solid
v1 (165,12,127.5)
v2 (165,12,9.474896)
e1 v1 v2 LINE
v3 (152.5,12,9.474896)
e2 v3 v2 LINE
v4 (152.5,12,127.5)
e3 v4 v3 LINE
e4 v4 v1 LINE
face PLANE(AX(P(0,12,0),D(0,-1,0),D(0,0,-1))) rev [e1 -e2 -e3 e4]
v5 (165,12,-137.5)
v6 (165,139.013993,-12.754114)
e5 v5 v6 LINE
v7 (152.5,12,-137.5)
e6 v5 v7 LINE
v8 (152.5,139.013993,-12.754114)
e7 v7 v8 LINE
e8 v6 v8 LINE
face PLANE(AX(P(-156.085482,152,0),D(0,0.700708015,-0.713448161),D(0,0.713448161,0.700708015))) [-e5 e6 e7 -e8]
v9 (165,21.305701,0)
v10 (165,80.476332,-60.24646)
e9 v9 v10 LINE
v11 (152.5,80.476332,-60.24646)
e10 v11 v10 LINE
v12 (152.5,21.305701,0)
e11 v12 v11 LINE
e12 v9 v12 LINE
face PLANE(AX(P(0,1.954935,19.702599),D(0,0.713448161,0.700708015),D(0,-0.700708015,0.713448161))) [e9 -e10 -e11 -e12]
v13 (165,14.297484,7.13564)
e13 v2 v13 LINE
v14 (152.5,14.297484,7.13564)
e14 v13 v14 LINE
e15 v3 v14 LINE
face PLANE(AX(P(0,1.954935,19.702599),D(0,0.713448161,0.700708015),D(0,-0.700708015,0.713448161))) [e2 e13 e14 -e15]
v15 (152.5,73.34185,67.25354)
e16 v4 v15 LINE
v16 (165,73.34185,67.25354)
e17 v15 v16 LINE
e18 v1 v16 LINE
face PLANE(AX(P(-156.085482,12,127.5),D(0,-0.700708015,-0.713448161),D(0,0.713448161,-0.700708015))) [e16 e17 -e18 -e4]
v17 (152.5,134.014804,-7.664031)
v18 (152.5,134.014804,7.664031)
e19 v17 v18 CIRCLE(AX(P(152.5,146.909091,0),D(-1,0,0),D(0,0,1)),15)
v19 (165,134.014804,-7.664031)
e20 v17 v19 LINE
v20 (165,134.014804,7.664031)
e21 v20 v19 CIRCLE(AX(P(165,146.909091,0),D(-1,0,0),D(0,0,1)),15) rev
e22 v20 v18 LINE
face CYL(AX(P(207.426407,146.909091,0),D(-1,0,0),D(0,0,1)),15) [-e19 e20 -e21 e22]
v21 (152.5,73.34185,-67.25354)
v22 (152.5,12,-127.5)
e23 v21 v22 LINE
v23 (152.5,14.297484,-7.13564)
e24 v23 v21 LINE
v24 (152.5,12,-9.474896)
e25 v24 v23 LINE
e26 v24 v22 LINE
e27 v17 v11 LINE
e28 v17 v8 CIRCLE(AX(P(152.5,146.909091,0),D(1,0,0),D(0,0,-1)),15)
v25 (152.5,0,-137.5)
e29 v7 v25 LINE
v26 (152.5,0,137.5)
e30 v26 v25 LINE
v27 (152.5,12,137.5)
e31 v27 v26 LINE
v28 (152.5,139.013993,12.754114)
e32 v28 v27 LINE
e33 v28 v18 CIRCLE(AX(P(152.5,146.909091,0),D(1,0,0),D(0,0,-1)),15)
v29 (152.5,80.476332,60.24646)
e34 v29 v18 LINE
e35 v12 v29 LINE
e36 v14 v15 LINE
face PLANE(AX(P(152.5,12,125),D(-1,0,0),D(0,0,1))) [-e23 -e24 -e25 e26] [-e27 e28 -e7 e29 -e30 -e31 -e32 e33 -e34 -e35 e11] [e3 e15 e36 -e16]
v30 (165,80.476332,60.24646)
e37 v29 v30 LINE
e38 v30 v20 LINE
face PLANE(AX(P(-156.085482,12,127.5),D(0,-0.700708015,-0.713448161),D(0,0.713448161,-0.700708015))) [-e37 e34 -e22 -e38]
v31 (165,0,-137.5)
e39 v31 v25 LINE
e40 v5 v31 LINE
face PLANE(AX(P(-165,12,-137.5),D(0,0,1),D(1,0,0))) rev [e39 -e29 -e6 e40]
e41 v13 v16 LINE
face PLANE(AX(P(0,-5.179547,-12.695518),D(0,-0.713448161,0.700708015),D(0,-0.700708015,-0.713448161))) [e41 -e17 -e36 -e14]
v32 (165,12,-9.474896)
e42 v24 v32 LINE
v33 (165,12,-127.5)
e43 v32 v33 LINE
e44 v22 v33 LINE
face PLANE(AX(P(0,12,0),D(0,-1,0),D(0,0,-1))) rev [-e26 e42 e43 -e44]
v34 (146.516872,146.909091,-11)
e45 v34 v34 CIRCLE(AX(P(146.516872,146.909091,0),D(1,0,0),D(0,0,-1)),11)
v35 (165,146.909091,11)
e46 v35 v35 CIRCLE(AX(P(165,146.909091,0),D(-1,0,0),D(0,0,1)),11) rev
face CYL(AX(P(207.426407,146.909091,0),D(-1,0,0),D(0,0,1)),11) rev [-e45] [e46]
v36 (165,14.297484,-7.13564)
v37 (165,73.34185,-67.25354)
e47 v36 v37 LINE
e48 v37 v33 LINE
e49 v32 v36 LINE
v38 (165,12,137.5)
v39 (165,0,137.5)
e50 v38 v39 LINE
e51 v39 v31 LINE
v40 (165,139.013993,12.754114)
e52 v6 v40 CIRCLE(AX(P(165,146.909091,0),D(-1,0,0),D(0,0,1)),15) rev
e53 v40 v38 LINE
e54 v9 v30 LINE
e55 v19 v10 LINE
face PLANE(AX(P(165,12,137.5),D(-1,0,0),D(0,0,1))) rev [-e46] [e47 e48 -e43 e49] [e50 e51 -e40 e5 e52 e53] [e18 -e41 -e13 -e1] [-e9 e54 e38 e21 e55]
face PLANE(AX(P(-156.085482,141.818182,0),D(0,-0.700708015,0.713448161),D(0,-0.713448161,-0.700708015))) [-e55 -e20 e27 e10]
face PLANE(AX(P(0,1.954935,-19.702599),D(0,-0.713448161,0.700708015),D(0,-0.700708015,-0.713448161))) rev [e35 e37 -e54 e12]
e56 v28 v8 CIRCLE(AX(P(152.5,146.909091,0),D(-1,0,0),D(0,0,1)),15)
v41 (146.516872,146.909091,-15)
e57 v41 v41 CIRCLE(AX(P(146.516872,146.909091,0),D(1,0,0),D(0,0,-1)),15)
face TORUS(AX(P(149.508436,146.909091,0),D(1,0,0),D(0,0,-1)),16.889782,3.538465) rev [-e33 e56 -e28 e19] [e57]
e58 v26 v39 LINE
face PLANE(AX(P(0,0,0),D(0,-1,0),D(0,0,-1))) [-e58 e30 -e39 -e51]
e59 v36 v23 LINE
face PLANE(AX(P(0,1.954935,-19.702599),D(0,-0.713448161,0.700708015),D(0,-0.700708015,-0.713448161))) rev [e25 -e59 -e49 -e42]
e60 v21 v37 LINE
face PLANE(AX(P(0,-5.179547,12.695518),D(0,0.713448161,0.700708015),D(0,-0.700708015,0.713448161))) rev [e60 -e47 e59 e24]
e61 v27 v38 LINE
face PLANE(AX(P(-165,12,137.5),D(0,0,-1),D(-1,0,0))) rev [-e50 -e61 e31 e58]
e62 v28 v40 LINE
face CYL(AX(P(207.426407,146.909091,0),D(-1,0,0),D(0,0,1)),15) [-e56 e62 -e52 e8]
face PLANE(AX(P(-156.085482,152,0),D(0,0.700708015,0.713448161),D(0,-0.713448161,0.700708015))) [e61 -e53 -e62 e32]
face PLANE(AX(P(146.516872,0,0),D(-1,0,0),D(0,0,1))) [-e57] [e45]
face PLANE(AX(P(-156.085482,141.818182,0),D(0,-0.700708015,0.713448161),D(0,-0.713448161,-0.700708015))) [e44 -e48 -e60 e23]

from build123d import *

# Parameters (mm, degrees)
SKETCH1_W               = 330
SKETCH1_H               = 275
SKETCH1_W_2             = 305
SKETCH1_H_2             = 250
BOSS_EXTRUDE4_DEPTH     = 12
BOSS_EXTRUDE6_DEPTH     = 12.5
BOSS_EXTRUDE7_DEPTH     = 12.5
SKETCH6_R               = 15
SKETCH6_R_2             = 11
BOSS_EXTRUDE8_DEPTH     = 12.5
SKETCH7_R               = 11
CUT_EXTRUDE2_DEPTH      = 383.003996993
BOSS_EXTRUDE9_REACH     = 283.371
SKETCH8_W               = 12.5
SKETCH8_H               = 10
BOSS_EXTRUDE10_REACH    = 283.371
SKETCH9_W               = 12.5
SKETCH9_H               = 10
SKETCH10_W              = 25
SKETCH10_H              = 25
BOSS_EXTRUDE11_DEPTH    = 12.5
SKETCH12_W              = 280.956709722
SKETCH12_H              = 169.506953284
CUT_EXTRUDE3_DEPTH      = 311
CUT_EXTRUDE4_DEPTH      = 12
CUT_EXTRUDE4_DEPTH_BACK = 6.5
SKETCH13_W              = 294.886301965
SKETCH13_H              = 76.884210059


with BuildPart() as part:
    # Sketch1 → Boss-Extrude4 (new body)
    with BuildSketch(Plane(origin=(0, 0, 0), x_dir=(1, 0, 0), z_dir=(0, 1, 0))):
        Rectangle(SKETCH1_W, SKETCH1_H)
        Rectangle(SKETCH1_W_2, SKETCH1_H_2, mode=Mode.SUBTRACT)
    extrude(amount=BOSS_EXTRUDE4_DEPTH)

    # Sketch2 → Boss-Extrude6 (add)
    with BuildSketch(Plane(origin=(165, 0, 0), x_dir=(0, 0, -1), z_dir=(1, 0, 0))):
        Polygon((0, 152), (-137.5, 12), (-127.5, 12), (0, 141.818181818), (127.5, 12), (137.5, 12), align=None)
    extrude(amount=-BOSS_EXTRUDE6_DEPTH)

    # Sketch5 → Boss-Extrude7 (add)
    with BuildSketch(Plane.ZY.offset(165)):
        Polygon((0, 152), (-137.5, 12), (-127.5, 12), (0, 141.818181818), (127.5, 12), (137.5, 12), align=None)
    extrude(amount=-BOSS_EXTRUDE7_DEPTH)

    # Sketch6 → Boss-Extrude8 (add)
    with BuildSketch(Plane.ZY.offset(-152.5)):
        with Locations((0, 146.909090909)):
            Circle(SKETCH6_R)
        with Locations((0, 146.909090909)):
            Circle(SKETCH6_R_2, mode=Mode.SUBTRACT)
    extrude(amount=-BOSS_EXTRUDE8_DEPTH)

    # Sketch7 → Cut-Extrude2 (cut, through all)
    with BuildSketch(Plane.ZY.offset(-152.5)):
        with Locations((0, 146.909090909)):
            Circle(SKETCH7_R)
    extrude(amount=-CUT_EXTRUDE2_DEPTH, mode=Mode.SUBTRACT)

    # Boss-Extrude9: up to this plane
    boss_extrude9_end = Plane(origin=(0, 12, 0), z_dir=(0, -1, 0))
    # Sketch8 → Boss-Extrude9 (add, up to the surface)
    with BuildSketch(Plane(origin=(0, 69.631553319, 70.897581561), x_dir=(-1, 0, 0), z_dir=(0, -0.7007080148842544, -0.7134481606094221)), mode=Mode.PRIVATE) as boss_extrude9_sk1:
        with Locations((-158.75, 10.200513494)):
            Rectangle(SKETCH8_W, SKETCH8_H)
    boss_extrude9_tool1 = split(extrude(boss_extrude9_sk1.sketch, amount=BOSS_EXTRUDE9_REACH, mode=Mode.PRIVATE), bisect_by=boss_extrude9_end, keep=Keep.BOTH, mode=Mode.PRIVATE)
    add(boss_extrude9_tool1.solids().sort_by_distance((158.75, 76.909091, 63.75))[0])
    # Sketch8 → Boss-Extrude9 (add, up to the surface)
    with BuildSketch(Plane(origin=(0, 69.631553319, 70.897581561), x_dir=(-1, 0, 0), z_dir=(0, -0.7007080148842544, -0.7134481606094221)), mode=Mode.PRIVATE) as boss_extrude9_sk2:
        with Locations((158.75, 10.200513494)):
            Rectangle(SKETCH8_W, SKETCH8_H)
    boss_extrude9_tool2 = split(extrude(boss_extrude9_sk2.sketch, amount=BOSS_EXTRUDE9_REACH, mode=Mode.PRIVATE), bisect_by=boss_extrude9_end, keep=Keep.BOTH, mode=Mode.PRIVATE)
    add(boss_extrude9_tool2.solids().sort_by_distance((-158.75, 76.909091, 63.75))[0])

    # Boss-Extrude10: up to this plane
    boss_extrude10_end = Plane(origin=(0, 12, 0), z_dir=(0, -1, 0))
    # Sketch9 → Boss-Extrude10 (add, up to the surface)
    with BuildSketch(Plane(origin=(0, 69.631553319, -70.897581561), x_dir=(1, 0, 0), z_dir=(0, -0.7007080148842544, 0.7134481606094221)), mode=Mode.PRIVATE) as boss_extrude10_sk1:
        with Locations((-158.75, 10.200513494)):
            Rectangle(SKETCH9_W, SKETCH9_H)
    boss_extrude10_tool1 = split(extrude(boss_extrude10_sk1.sketch, amount=BOSS_EXTRUDE10_REACH, mode=Mode.PRIVATE), bisect_by=boss_extrude10_end, keep=Keep.BOTH, mode=Mode.PRIVATE)
    add(boss_extrude10_tool1.solids().sort_by_distance((-158.75, 76.909091, -63.75))[0])
    # Sketch9 → Boss-Extrude10 (add, up to the surface)
    with BuildSketch(Plane(origin=(0, 69.631553319, -70.897581561), x_dir=(1, 0, 0), z_dir=(0, -0.7007080148842544, 0.7134481606094221)), mode=Mode.PRIVATE) as boss_extrude10_sk2:
        with Locations((158.75, 10.200513494)):
            Rectangle(SKETCH9_W, SKETCH9_H)
    boss_extrude10_tool2 = split(extrude(boss_extrude10_sk2.sketch, amount=BOSS_EXTRUDE10_REACH, mode=Mode.PRIVATE), bisect_by=boss_extrude10_end, keep=Keep.BOTH, mode=Mode.PRIVATE)
    add(boss_extrude10_tool2.solids().sort_by_distance((158.75, 76.909091, -63.75))[0])

    # Sketch10 → Boss-Extrude11 (add)
    with BuildSketch(Plane(origin=(-152.5, 0, 0), x_dir=(0, 0, -1), z_dir=(1, 0, 0))):
        with Locations((0, 146.909090909)):
            Rectangle(SKETCH10_W, SKETCH10_H)
    extrude(amount=-BOSS_EXTRUDE11_DEPTH)

    # Sketch11 → Revolve1 (revolve)
    with BuildSketch(Plane.XY, mode=Mode.PRIVATE) as revolve1_sk:
        with BuildLine():
            Line((152.5, 157.909090909), (152.5, 161.909090909))
            ThreePointArc((152.5, 161.909090909), (149.508436085, 160.260408588), (146.516872171, 161.909090909))
            Line((146.516872171, 161.909090909), (146.516872171, 157.909090909))
            Line((146.516872171, 157.909090909), (152.5, 157.909090909))
        make_face()
    revolve(revolve1_sk.sketch.rotate(Axis((152.5, 146.909090909, 0), (-1, 0, 0)), 270), axis=Axis((152.5, 146.909090909, 0), (-1, 0, 0)))

    # Sketch12 → Cut-Extrude3 (cut)
    with BuildSketch(Plane.ZY.offset(165)):
        with Locations((2.978354861, 84.753476642)):
            Rectangle(SKETCH12_W, SKETCH12_H)
    extrude(amount=-CUT_EXTRUDE3_DEPTH, mode=Mode.SUBTRACT)

    # Sketch13 → Cut-Extrude4 (cut, two sides: drawn at the far end of the back side and taken through both)
    with BuildSketch(Plane.ZY.offset(-146).offset(-CUT_EXTRUDE4_DEPTH_BACK)):
        with Locations((9.943150983, 38.44210503)):
            Rectangle(SKETCH13_W, SKETCH13_H)
    extrude(amount=CUT_EXTRUDE4_DEPTH + CUT_EXTRUDE4_DEPTH_BACK, mode=Mode.SUBTRACT)


solid = part.part
